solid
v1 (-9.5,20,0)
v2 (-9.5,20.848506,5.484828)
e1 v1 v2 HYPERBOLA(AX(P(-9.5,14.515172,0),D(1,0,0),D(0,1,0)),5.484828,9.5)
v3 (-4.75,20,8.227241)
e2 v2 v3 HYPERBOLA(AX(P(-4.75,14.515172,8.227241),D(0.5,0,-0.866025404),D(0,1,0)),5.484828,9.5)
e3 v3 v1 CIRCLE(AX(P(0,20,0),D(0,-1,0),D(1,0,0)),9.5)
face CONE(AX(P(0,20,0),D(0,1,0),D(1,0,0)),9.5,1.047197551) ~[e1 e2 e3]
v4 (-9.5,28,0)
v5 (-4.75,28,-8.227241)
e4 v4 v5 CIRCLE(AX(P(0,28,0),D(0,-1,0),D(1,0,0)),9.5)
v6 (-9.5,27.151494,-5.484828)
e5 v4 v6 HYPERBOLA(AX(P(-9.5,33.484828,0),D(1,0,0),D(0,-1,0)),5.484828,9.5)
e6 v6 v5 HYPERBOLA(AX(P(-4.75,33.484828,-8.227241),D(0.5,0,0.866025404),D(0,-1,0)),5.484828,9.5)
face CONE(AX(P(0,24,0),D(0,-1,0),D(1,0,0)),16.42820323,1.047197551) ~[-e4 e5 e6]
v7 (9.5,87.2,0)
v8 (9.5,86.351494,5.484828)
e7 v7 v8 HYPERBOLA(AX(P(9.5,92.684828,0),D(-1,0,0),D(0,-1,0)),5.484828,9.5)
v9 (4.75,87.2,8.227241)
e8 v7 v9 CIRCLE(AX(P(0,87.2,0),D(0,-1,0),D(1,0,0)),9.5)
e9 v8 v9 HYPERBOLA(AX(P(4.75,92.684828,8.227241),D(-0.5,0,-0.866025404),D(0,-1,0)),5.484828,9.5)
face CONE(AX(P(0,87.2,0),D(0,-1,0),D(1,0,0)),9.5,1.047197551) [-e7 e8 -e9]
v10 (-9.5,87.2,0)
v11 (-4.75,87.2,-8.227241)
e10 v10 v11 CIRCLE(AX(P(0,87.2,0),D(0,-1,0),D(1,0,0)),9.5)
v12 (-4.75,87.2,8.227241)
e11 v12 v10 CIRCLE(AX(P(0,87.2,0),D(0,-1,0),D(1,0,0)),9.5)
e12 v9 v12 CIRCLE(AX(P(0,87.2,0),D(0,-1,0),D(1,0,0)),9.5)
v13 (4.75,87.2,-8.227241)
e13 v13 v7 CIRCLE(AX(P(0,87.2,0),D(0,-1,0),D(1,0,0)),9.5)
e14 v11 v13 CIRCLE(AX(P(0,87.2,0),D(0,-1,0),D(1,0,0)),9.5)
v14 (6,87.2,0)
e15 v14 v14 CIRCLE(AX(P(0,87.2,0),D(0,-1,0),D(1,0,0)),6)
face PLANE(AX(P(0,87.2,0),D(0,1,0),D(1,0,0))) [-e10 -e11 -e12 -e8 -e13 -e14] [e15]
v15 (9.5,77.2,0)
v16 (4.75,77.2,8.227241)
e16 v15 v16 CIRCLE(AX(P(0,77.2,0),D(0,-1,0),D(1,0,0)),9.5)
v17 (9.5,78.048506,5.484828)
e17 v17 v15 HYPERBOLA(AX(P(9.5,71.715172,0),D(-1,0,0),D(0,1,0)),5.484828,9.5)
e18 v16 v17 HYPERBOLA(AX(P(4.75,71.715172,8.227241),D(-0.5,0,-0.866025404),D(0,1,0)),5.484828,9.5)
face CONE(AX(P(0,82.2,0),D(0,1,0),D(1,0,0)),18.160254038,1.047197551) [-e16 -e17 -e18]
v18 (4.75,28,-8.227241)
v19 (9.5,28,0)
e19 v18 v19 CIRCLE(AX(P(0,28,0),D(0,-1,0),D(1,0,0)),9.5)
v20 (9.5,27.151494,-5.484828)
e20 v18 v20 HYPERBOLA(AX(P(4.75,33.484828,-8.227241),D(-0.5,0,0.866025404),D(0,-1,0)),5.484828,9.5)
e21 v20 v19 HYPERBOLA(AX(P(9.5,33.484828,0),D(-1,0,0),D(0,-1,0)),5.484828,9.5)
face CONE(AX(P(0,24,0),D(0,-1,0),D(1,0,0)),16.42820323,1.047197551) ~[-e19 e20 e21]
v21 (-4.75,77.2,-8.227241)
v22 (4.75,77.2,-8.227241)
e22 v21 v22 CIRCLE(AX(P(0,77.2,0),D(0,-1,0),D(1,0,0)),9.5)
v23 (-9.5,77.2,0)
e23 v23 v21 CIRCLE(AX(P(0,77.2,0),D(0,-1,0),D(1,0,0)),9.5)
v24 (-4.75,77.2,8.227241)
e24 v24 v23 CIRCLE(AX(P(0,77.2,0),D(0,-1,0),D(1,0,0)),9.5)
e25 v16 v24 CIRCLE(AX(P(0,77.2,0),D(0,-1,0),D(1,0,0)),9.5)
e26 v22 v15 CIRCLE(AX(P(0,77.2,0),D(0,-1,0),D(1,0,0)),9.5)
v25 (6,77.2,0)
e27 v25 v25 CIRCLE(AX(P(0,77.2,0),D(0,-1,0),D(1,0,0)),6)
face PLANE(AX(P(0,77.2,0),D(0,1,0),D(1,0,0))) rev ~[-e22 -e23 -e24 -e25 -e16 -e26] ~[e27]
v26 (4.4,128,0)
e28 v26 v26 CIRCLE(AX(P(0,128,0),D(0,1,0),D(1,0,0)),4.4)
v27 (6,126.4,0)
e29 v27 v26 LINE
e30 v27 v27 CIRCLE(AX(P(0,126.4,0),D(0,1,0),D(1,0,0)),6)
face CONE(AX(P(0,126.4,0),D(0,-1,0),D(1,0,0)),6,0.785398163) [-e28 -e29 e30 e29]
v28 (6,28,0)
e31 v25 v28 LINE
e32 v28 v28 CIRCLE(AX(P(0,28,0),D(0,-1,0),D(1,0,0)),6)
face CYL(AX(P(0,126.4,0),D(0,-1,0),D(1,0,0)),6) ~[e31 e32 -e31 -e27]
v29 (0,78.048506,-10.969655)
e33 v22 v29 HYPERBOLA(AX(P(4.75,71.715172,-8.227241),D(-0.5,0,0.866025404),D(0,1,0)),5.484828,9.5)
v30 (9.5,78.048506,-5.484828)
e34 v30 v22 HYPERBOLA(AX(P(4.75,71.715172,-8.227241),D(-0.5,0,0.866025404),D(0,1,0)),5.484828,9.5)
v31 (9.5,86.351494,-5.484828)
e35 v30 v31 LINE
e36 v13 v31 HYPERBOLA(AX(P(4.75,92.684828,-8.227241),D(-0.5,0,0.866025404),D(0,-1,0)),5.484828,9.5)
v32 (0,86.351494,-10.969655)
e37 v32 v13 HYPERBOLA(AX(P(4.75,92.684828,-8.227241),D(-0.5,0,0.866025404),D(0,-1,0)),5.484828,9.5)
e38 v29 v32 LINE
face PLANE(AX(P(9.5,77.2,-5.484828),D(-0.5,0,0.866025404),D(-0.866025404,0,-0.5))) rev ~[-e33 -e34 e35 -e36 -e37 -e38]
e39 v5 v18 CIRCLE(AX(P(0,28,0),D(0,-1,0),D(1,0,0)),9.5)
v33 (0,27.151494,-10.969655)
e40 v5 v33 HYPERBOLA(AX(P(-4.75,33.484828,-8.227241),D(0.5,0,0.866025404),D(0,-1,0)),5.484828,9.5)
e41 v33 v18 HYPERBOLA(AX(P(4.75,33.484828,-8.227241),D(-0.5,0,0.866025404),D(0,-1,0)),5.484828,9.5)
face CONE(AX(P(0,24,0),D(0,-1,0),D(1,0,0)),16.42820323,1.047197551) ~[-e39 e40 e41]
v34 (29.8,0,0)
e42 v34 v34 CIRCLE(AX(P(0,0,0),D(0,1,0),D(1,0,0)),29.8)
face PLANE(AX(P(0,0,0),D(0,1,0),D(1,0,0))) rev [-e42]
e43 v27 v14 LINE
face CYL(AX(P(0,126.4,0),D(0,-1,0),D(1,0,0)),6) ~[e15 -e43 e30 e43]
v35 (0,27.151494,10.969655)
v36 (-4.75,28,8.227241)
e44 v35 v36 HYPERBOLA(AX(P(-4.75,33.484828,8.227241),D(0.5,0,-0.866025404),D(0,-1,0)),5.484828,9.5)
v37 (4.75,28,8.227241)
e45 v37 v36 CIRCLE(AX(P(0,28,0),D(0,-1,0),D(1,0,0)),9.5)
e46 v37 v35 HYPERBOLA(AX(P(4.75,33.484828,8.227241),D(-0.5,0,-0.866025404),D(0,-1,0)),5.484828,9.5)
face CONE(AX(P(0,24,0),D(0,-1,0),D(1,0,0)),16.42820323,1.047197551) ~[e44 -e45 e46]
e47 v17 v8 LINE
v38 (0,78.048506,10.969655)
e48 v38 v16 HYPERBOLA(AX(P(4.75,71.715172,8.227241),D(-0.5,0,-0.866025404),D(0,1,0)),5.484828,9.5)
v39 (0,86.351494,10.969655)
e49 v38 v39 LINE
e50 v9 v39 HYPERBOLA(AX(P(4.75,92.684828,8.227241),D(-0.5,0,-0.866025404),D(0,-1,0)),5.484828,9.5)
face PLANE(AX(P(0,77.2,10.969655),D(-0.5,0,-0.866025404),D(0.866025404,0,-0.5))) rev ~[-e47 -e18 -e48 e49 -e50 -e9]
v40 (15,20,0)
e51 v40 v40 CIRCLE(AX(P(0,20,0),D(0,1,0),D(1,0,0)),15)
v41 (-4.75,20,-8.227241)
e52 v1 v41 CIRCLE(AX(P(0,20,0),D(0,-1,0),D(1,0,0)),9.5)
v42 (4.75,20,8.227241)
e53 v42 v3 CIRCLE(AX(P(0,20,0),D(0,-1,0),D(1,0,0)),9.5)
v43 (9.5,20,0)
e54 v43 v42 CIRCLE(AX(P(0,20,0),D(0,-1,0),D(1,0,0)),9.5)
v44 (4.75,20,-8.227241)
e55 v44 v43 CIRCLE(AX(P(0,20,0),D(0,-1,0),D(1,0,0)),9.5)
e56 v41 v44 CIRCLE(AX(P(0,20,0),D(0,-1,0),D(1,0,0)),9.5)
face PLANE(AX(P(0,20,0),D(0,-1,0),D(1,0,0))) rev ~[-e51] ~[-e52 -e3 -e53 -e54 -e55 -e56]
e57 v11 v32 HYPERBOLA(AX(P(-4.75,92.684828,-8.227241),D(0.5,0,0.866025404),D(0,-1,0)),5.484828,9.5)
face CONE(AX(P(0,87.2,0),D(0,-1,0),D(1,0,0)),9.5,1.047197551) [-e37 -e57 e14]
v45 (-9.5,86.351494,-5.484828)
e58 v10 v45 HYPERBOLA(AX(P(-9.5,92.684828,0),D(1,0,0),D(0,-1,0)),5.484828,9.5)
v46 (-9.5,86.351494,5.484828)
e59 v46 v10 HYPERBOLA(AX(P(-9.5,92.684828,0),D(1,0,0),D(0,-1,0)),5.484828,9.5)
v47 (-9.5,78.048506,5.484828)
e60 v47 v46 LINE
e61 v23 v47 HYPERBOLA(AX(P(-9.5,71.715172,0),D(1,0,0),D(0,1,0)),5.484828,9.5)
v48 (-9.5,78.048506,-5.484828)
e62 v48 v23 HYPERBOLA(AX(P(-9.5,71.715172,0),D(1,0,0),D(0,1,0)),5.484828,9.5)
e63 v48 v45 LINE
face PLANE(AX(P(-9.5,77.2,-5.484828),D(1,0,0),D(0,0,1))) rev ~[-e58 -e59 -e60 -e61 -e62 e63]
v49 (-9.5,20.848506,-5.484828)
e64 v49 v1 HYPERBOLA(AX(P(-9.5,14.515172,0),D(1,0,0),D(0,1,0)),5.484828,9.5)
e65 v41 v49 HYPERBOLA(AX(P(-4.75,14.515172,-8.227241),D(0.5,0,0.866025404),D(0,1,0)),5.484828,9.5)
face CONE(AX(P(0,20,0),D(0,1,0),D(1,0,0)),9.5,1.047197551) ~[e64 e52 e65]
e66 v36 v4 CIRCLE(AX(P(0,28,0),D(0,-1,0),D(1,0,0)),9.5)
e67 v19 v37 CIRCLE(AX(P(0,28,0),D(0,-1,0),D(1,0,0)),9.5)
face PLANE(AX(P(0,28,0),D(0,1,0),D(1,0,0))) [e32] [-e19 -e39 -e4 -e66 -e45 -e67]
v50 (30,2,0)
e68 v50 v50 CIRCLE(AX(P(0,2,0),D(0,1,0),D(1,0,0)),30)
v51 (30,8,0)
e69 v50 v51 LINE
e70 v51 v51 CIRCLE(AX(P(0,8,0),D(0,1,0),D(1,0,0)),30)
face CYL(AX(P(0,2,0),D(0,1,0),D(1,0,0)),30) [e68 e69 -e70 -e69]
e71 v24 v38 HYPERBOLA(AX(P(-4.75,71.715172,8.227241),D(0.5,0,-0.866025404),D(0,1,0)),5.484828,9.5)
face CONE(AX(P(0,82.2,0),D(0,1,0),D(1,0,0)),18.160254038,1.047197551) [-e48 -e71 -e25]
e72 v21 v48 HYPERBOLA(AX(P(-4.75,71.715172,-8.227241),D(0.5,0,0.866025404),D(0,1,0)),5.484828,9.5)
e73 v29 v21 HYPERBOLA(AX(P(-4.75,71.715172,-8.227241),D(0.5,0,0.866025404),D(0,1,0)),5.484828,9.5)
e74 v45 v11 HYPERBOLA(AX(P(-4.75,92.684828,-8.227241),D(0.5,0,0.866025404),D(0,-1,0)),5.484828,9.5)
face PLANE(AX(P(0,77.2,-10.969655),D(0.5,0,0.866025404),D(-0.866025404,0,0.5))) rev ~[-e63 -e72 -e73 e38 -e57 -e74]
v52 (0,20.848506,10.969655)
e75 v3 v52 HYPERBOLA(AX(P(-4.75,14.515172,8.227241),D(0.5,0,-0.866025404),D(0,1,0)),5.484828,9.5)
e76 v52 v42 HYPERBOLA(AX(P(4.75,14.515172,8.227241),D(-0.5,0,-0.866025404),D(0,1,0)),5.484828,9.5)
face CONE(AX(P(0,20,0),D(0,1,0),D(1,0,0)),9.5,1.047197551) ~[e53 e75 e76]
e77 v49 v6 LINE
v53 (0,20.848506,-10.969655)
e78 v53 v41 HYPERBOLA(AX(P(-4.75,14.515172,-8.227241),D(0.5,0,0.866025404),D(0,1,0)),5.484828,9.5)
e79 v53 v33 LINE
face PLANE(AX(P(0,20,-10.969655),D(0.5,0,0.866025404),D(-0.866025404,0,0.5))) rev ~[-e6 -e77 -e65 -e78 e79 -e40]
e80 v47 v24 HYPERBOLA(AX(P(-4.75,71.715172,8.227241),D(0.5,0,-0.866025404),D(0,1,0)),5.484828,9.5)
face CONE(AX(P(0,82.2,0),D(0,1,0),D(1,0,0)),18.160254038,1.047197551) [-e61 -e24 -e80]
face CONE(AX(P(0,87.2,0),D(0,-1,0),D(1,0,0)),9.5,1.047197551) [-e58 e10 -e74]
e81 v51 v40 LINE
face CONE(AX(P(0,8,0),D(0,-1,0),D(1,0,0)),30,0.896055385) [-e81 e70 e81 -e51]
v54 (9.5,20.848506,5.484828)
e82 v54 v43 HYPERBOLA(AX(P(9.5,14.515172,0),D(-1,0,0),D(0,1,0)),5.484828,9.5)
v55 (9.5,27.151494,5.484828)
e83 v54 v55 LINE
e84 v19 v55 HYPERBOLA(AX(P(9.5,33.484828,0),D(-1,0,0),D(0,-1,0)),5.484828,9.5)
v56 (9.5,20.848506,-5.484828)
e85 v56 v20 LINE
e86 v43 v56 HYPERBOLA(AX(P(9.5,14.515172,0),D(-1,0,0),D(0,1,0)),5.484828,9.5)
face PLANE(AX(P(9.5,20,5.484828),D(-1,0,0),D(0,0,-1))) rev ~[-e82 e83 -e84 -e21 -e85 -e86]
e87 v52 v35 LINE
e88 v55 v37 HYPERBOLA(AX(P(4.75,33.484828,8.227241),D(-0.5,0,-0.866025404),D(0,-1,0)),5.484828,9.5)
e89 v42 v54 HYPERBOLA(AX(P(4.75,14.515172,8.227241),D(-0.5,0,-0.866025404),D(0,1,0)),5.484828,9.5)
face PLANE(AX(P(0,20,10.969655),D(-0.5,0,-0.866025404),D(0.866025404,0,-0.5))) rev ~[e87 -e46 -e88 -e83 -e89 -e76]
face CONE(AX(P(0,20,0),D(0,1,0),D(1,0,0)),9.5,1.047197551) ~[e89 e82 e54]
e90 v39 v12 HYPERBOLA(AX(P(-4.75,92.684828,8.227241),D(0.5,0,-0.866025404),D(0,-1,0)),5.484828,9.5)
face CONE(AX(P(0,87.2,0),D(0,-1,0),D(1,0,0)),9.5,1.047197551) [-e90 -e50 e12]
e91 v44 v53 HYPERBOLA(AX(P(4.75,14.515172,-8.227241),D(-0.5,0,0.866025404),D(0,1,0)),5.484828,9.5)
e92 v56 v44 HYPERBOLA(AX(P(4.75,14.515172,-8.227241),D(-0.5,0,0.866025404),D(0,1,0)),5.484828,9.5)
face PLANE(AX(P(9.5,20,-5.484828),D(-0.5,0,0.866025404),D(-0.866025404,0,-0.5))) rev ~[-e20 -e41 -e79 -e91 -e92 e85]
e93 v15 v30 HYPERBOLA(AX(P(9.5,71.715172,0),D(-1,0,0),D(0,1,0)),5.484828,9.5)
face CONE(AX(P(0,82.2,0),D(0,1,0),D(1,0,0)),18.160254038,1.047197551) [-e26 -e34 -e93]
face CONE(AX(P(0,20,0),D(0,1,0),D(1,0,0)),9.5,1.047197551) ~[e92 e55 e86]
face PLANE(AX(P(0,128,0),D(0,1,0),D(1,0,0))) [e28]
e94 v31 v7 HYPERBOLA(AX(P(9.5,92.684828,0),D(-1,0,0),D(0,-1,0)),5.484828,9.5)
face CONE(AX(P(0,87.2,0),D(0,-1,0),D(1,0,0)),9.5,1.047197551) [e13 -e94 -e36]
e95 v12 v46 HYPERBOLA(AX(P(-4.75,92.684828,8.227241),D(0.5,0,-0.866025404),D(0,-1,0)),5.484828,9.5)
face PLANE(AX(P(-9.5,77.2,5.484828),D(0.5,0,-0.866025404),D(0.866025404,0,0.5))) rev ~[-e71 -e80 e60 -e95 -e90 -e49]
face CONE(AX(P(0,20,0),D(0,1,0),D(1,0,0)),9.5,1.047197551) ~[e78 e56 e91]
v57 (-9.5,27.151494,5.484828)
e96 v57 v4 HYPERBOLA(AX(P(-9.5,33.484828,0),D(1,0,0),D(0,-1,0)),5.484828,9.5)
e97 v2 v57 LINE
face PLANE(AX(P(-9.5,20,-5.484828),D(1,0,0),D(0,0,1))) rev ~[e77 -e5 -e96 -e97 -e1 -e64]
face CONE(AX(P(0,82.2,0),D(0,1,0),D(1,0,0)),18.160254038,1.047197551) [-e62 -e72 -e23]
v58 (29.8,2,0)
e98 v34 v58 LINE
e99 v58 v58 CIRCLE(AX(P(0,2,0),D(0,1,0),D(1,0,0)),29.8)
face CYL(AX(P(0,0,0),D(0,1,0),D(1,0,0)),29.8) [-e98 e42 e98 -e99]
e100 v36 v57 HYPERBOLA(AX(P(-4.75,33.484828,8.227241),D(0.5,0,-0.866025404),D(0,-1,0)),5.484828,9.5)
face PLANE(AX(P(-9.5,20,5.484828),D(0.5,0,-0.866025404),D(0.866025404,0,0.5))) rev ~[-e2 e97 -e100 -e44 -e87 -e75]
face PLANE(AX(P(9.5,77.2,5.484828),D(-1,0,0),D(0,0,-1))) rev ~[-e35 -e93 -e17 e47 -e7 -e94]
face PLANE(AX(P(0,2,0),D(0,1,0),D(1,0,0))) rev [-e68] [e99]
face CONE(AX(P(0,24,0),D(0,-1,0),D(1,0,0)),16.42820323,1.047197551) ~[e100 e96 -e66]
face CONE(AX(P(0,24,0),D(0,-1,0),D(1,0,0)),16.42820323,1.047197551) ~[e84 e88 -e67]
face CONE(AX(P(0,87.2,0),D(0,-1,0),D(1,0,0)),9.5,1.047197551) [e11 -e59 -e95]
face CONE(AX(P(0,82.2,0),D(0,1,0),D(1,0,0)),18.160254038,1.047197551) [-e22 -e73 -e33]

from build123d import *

# Parameters (mm, degrees)
EXTRUDE_1_DEPTH = 8
EXTRUDE_2_DEPTH = 10


with BuildPart() as part:
    # Эскиз1 → Повернуть1 (revolve)
    with BuildSketch(Plane.XY, mode=Mode.PRIVATE) as revolve_1_sk:
        Polygon((0, 0), (-29.8, 0), (-29.8, 2), (-30, 2), (-30, 8), (-15, 20), (-6, 20), (-6, 28), (-6, 126.4), (-4.4, 128), (0, 128), align=None)
    revolve(revolve_1_sk.sketch.rotate(Axis((0, 0, 0), (0, 1, 0)), 180), axis=Axis((0, 0, 0), (0, 1, 0)))  # turned: the seam where the file's is

    # Эскиз2 → Бобышка-Вытянуть1 (add)
    with BuildSketch(Plane(origin=(0, 20, 0), x_dir=(1, 0, 0), z_dir=(0, 1, 0))):
        Polygon((0, 10.969655115), (-9.5, 5.484827557), (-9.5, -5.484827557), (0, -10.969655115), (9.5, -5.484827557), (9.5, 5.484827557), align=None)
    extrude(amount=EXTRUDE_1_DEPTH)

    # Эскиз3 → Бобышка-Вытянуть2 (add)
    with BuildSketch(Plane(origin=(0, 77.2, 0), x_dir=(1, 0, 0), z_dir=(0, 1, 0))):
        Polygon((9.5, 5.484827557), (0, 10.969655115), (-9.5, 5.484827557), (-9.5, -5.484827557), (0, -10.969655115), (9.5, -5.484827557), align=None)
    extrude(amount=EXTRUDE_2_DEPTH)

    # Эскиз4 → Вырез-Повернуть2 (revolve, cut)
    with BuildSketch(Plane.XY, mode=Mode.PRIVATE) as cut_revolve_2_sk:
        Polygon((-18.160254038, 87.2), (-9.5, 87.2), (-18.160254038, 82.2), align=None)
        Polygon((-18.160254038, 77.2), (-18.160254038, 82.2), (-9.5, 77.2), align=None)
        Polygon((-16.42820323, 28), (-16.42820323, 24), (-9.5, 28), align=None)
        Polygon((-16.42820323, 24), (-16.42820323, 20), (-9.5, 20), align=None)
    revolve(cut_revolve_2_sk.sketch.rotate(Axis((0, 128, 0), (0, -1, 0)), 180), axis=Axis((0, 128, 0), (0, -1, 0)), mode=Mode.SUBTRACT)  # turned: the seam where the file's is


solid = part.part
